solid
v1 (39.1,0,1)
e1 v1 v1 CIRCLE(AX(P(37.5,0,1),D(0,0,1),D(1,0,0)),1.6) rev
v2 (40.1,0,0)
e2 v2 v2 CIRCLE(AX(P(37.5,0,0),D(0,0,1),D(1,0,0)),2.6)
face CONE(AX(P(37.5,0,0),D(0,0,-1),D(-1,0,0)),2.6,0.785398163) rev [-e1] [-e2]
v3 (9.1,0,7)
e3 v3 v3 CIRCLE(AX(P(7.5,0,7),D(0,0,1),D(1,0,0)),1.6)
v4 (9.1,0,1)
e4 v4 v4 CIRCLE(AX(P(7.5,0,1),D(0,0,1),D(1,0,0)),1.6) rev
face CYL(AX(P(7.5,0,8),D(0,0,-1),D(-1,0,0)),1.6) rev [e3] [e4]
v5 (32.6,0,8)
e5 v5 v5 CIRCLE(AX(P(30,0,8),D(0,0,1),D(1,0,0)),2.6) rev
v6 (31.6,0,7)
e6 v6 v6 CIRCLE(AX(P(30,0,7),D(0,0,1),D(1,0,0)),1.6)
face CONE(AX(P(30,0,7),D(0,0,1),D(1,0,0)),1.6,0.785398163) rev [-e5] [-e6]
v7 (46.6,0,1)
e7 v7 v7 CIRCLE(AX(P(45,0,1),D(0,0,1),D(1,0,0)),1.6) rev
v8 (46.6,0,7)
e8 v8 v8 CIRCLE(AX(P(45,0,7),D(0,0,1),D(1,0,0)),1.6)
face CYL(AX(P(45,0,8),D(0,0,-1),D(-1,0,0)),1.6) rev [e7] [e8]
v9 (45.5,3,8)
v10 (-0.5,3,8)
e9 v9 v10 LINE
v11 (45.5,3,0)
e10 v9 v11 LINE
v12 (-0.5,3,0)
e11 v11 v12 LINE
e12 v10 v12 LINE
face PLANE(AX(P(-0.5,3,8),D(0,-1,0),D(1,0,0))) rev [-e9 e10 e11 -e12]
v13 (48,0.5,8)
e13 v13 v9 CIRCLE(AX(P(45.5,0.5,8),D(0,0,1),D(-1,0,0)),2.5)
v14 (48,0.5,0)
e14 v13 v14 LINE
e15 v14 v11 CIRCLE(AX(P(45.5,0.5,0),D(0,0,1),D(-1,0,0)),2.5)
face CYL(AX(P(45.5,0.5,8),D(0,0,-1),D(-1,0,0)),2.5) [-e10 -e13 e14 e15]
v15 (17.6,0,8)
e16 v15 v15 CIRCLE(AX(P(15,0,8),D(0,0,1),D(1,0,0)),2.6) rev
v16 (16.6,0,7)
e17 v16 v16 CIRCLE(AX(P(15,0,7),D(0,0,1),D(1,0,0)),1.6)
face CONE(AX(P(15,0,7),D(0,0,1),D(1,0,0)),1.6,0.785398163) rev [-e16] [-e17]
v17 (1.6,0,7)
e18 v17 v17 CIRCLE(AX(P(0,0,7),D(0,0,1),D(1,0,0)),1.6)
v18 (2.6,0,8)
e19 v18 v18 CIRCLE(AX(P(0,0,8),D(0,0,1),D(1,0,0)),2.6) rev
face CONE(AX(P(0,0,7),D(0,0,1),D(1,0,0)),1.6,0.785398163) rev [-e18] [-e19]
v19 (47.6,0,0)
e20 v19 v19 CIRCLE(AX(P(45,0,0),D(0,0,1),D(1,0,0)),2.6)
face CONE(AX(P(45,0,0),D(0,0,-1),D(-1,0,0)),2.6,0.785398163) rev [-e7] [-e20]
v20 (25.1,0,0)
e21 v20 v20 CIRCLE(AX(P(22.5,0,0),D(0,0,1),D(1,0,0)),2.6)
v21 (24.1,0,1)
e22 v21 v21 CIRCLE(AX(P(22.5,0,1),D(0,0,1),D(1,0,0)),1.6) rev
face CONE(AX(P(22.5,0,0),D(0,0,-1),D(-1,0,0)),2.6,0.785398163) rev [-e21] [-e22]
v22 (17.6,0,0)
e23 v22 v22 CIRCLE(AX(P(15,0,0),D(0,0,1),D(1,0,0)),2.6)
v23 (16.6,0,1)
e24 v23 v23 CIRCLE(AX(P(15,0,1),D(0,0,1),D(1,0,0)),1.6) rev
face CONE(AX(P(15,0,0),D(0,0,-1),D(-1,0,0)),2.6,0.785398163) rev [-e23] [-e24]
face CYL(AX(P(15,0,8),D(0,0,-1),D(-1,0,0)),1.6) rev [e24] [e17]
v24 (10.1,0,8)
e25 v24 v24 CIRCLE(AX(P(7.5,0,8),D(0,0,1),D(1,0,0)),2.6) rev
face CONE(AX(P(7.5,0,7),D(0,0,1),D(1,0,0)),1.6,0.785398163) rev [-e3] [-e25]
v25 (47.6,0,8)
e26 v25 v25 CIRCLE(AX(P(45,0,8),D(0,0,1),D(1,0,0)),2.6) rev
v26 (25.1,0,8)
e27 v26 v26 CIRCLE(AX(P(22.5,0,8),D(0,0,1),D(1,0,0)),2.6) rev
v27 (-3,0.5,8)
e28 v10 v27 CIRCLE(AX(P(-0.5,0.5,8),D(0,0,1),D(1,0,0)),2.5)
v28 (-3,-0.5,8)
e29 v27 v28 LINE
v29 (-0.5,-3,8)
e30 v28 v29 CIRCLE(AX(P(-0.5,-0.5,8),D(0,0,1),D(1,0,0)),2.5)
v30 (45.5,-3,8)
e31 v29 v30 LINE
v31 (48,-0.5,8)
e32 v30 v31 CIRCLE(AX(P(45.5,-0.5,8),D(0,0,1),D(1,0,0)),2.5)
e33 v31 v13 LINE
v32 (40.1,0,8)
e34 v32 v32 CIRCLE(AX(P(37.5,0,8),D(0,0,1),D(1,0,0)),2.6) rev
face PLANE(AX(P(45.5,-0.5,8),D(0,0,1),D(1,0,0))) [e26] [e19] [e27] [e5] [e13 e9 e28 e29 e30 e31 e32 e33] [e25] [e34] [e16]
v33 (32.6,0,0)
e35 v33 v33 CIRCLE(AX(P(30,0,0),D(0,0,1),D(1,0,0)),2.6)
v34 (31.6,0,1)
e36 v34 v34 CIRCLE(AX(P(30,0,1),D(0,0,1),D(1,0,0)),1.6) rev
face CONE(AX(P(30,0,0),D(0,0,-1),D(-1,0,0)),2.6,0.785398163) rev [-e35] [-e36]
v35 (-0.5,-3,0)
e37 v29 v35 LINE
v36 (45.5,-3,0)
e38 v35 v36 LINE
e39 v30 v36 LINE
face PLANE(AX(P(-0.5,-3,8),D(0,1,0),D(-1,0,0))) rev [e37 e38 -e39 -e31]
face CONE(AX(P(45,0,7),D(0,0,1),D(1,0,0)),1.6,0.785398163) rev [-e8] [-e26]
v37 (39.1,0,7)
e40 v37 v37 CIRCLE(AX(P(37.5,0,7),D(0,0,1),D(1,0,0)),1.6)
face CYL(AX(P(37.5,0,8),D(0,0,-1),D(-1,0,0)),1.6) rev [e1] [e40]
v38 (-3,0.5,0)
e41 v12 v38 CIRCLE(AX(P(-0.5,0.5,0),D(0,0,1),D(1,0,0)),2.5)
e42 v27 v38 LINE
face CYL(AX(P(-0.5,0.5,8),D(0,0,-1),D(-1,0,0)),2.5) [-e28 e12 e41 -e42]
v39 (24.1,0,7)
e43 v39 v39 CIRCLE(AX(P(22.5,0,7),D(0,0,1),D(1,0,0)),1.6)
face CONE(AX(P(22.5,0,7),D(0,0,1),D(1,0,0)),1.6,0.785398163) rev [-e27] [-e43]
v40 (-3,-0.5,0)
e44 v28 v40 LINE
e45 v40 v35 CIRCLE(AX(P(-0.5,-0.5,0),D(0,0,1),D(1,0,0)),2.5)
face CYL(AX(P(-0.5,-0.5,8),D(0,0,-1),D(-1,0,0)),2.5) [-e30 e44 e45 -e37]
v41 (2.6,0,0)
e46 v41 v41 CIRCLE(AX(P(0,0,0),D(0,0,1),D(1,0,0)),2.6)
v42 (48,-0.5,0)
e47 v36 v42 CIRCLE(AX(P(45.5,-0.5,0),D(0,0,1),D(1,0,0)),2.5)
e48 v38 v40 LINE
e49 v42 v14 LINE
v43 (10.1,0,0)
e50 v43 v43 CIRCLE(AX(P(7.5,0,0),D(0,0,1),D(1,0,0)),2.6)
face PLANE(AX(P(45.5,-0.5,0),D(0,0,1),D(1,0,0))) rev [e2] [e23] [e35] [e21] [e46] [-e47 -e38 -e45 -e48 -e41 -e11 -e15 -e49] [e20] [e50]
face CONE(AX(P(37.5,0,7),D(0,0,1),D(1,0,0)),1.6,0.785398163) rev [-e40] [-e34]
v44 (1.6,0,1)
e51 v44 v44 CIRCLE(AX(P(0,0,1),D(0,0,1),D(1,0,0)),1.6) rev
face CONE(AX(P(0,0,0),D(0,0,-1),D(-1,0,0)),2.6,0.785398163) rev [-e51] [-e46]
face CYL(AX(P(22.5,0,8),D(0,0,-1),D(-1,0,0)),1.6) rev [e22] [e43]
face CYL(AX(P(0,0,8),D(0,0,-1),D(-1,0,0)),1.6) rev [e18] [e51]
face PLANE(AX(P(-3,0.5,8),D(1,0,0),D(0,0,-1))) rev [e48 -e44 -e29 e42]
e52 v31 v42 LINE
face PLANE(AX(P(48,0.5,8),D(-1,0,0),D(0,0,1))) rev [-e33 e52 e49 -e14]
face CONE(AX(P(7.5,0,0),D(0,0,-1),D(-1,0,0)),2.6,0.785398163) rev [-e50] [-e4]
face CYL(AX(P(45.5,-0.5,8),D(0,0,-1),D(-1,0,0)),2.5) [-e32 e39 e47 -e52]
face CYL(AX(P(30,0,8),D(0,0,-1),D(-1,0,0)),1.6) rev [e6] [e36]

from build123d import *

# Parameters (mm, degrees)
SKETCH1_R           = 1.6
BOSS_EXTRUDE1_DEPTH = 8
CHAMFER1_SIZE       = 1


with BuildPart() as part:
    # Sketch1 → Boss-Extrude1 (new body)
    with BuildSketch(Plane.XY):
        with BuildLine():
            Line((-0.5, 3), (45.5, 3))
            ThreePointArc((45.5, 3), (47.267766953, 2.267766953), (48, 0.5))
            Line((48, 0.5), (48, -0.5))
            ThreePointArc((48, -0.5), (47.267766953, -2.267766953), (45.5, -3))
            Line((45.5, -3), (-0.5, -3))
            ThreePointArc((-0.5, -3), (-2.267766953, -2.267766953), (-3, -0.5))
            Line((-3, -0.5), (-3, 0.5))
            ThreePointArc((-3, 0.5), (-2.267766953, 2.267766953), (-0.5, 3))
        make_face()
        Circle(SKETCH1_R, mode=Mode.SUBTRACT)
        with Locations((7.5, 0)):
            Circle(SKETCH1_R, mode=Mode.SUBTRACT)
        with Locations((15, 0)):
            Circle(SKETCH1_R, mode=Mode.SUBTRACT)
        with Locations((22.5, 0)):
            Circle(SKETCH1_R, mode=Mode.SUBTRACT)
        with Locations((30, 0)):
            Circle(SKETCH1_R, mode=Mode.SUBTRACT)
        with Locations((37.5, 0)):
            Circle(SKETCH1_R, mode=Mode.SUBTRACT)
        with Locations((45, 0)):
            Circle(SKETCH1_R, mode=Mode.SUBTRACT)
    extrude(amount=BOSS_EXTRUDE1_DEPTH)

    # Chamfer1
    chamfer1_edges = [part.edges().sort_by_distance(p)[0] for p in [
        (-1.6, 0, 0),
        (-1.6, 0, 8),
        (5.9, 0, 0),
        (5.9, 0, 8),
        (13.4, 0, 0),
        (13.4, 0, 8),
        (20.9, 0, 0),
        (20.9, 0, 8),
        (28.4, 0, 0),
        (28.4, 0, 8),
        (35.9, 0, 0),
        (35.9, 0, 8),
        (43.4, 0, 0),
        (43.4, 0, 8),
    ]]
    chamfer(chamfer1_edges, length=CHAMFER1_SIZE)


solid = part.part
